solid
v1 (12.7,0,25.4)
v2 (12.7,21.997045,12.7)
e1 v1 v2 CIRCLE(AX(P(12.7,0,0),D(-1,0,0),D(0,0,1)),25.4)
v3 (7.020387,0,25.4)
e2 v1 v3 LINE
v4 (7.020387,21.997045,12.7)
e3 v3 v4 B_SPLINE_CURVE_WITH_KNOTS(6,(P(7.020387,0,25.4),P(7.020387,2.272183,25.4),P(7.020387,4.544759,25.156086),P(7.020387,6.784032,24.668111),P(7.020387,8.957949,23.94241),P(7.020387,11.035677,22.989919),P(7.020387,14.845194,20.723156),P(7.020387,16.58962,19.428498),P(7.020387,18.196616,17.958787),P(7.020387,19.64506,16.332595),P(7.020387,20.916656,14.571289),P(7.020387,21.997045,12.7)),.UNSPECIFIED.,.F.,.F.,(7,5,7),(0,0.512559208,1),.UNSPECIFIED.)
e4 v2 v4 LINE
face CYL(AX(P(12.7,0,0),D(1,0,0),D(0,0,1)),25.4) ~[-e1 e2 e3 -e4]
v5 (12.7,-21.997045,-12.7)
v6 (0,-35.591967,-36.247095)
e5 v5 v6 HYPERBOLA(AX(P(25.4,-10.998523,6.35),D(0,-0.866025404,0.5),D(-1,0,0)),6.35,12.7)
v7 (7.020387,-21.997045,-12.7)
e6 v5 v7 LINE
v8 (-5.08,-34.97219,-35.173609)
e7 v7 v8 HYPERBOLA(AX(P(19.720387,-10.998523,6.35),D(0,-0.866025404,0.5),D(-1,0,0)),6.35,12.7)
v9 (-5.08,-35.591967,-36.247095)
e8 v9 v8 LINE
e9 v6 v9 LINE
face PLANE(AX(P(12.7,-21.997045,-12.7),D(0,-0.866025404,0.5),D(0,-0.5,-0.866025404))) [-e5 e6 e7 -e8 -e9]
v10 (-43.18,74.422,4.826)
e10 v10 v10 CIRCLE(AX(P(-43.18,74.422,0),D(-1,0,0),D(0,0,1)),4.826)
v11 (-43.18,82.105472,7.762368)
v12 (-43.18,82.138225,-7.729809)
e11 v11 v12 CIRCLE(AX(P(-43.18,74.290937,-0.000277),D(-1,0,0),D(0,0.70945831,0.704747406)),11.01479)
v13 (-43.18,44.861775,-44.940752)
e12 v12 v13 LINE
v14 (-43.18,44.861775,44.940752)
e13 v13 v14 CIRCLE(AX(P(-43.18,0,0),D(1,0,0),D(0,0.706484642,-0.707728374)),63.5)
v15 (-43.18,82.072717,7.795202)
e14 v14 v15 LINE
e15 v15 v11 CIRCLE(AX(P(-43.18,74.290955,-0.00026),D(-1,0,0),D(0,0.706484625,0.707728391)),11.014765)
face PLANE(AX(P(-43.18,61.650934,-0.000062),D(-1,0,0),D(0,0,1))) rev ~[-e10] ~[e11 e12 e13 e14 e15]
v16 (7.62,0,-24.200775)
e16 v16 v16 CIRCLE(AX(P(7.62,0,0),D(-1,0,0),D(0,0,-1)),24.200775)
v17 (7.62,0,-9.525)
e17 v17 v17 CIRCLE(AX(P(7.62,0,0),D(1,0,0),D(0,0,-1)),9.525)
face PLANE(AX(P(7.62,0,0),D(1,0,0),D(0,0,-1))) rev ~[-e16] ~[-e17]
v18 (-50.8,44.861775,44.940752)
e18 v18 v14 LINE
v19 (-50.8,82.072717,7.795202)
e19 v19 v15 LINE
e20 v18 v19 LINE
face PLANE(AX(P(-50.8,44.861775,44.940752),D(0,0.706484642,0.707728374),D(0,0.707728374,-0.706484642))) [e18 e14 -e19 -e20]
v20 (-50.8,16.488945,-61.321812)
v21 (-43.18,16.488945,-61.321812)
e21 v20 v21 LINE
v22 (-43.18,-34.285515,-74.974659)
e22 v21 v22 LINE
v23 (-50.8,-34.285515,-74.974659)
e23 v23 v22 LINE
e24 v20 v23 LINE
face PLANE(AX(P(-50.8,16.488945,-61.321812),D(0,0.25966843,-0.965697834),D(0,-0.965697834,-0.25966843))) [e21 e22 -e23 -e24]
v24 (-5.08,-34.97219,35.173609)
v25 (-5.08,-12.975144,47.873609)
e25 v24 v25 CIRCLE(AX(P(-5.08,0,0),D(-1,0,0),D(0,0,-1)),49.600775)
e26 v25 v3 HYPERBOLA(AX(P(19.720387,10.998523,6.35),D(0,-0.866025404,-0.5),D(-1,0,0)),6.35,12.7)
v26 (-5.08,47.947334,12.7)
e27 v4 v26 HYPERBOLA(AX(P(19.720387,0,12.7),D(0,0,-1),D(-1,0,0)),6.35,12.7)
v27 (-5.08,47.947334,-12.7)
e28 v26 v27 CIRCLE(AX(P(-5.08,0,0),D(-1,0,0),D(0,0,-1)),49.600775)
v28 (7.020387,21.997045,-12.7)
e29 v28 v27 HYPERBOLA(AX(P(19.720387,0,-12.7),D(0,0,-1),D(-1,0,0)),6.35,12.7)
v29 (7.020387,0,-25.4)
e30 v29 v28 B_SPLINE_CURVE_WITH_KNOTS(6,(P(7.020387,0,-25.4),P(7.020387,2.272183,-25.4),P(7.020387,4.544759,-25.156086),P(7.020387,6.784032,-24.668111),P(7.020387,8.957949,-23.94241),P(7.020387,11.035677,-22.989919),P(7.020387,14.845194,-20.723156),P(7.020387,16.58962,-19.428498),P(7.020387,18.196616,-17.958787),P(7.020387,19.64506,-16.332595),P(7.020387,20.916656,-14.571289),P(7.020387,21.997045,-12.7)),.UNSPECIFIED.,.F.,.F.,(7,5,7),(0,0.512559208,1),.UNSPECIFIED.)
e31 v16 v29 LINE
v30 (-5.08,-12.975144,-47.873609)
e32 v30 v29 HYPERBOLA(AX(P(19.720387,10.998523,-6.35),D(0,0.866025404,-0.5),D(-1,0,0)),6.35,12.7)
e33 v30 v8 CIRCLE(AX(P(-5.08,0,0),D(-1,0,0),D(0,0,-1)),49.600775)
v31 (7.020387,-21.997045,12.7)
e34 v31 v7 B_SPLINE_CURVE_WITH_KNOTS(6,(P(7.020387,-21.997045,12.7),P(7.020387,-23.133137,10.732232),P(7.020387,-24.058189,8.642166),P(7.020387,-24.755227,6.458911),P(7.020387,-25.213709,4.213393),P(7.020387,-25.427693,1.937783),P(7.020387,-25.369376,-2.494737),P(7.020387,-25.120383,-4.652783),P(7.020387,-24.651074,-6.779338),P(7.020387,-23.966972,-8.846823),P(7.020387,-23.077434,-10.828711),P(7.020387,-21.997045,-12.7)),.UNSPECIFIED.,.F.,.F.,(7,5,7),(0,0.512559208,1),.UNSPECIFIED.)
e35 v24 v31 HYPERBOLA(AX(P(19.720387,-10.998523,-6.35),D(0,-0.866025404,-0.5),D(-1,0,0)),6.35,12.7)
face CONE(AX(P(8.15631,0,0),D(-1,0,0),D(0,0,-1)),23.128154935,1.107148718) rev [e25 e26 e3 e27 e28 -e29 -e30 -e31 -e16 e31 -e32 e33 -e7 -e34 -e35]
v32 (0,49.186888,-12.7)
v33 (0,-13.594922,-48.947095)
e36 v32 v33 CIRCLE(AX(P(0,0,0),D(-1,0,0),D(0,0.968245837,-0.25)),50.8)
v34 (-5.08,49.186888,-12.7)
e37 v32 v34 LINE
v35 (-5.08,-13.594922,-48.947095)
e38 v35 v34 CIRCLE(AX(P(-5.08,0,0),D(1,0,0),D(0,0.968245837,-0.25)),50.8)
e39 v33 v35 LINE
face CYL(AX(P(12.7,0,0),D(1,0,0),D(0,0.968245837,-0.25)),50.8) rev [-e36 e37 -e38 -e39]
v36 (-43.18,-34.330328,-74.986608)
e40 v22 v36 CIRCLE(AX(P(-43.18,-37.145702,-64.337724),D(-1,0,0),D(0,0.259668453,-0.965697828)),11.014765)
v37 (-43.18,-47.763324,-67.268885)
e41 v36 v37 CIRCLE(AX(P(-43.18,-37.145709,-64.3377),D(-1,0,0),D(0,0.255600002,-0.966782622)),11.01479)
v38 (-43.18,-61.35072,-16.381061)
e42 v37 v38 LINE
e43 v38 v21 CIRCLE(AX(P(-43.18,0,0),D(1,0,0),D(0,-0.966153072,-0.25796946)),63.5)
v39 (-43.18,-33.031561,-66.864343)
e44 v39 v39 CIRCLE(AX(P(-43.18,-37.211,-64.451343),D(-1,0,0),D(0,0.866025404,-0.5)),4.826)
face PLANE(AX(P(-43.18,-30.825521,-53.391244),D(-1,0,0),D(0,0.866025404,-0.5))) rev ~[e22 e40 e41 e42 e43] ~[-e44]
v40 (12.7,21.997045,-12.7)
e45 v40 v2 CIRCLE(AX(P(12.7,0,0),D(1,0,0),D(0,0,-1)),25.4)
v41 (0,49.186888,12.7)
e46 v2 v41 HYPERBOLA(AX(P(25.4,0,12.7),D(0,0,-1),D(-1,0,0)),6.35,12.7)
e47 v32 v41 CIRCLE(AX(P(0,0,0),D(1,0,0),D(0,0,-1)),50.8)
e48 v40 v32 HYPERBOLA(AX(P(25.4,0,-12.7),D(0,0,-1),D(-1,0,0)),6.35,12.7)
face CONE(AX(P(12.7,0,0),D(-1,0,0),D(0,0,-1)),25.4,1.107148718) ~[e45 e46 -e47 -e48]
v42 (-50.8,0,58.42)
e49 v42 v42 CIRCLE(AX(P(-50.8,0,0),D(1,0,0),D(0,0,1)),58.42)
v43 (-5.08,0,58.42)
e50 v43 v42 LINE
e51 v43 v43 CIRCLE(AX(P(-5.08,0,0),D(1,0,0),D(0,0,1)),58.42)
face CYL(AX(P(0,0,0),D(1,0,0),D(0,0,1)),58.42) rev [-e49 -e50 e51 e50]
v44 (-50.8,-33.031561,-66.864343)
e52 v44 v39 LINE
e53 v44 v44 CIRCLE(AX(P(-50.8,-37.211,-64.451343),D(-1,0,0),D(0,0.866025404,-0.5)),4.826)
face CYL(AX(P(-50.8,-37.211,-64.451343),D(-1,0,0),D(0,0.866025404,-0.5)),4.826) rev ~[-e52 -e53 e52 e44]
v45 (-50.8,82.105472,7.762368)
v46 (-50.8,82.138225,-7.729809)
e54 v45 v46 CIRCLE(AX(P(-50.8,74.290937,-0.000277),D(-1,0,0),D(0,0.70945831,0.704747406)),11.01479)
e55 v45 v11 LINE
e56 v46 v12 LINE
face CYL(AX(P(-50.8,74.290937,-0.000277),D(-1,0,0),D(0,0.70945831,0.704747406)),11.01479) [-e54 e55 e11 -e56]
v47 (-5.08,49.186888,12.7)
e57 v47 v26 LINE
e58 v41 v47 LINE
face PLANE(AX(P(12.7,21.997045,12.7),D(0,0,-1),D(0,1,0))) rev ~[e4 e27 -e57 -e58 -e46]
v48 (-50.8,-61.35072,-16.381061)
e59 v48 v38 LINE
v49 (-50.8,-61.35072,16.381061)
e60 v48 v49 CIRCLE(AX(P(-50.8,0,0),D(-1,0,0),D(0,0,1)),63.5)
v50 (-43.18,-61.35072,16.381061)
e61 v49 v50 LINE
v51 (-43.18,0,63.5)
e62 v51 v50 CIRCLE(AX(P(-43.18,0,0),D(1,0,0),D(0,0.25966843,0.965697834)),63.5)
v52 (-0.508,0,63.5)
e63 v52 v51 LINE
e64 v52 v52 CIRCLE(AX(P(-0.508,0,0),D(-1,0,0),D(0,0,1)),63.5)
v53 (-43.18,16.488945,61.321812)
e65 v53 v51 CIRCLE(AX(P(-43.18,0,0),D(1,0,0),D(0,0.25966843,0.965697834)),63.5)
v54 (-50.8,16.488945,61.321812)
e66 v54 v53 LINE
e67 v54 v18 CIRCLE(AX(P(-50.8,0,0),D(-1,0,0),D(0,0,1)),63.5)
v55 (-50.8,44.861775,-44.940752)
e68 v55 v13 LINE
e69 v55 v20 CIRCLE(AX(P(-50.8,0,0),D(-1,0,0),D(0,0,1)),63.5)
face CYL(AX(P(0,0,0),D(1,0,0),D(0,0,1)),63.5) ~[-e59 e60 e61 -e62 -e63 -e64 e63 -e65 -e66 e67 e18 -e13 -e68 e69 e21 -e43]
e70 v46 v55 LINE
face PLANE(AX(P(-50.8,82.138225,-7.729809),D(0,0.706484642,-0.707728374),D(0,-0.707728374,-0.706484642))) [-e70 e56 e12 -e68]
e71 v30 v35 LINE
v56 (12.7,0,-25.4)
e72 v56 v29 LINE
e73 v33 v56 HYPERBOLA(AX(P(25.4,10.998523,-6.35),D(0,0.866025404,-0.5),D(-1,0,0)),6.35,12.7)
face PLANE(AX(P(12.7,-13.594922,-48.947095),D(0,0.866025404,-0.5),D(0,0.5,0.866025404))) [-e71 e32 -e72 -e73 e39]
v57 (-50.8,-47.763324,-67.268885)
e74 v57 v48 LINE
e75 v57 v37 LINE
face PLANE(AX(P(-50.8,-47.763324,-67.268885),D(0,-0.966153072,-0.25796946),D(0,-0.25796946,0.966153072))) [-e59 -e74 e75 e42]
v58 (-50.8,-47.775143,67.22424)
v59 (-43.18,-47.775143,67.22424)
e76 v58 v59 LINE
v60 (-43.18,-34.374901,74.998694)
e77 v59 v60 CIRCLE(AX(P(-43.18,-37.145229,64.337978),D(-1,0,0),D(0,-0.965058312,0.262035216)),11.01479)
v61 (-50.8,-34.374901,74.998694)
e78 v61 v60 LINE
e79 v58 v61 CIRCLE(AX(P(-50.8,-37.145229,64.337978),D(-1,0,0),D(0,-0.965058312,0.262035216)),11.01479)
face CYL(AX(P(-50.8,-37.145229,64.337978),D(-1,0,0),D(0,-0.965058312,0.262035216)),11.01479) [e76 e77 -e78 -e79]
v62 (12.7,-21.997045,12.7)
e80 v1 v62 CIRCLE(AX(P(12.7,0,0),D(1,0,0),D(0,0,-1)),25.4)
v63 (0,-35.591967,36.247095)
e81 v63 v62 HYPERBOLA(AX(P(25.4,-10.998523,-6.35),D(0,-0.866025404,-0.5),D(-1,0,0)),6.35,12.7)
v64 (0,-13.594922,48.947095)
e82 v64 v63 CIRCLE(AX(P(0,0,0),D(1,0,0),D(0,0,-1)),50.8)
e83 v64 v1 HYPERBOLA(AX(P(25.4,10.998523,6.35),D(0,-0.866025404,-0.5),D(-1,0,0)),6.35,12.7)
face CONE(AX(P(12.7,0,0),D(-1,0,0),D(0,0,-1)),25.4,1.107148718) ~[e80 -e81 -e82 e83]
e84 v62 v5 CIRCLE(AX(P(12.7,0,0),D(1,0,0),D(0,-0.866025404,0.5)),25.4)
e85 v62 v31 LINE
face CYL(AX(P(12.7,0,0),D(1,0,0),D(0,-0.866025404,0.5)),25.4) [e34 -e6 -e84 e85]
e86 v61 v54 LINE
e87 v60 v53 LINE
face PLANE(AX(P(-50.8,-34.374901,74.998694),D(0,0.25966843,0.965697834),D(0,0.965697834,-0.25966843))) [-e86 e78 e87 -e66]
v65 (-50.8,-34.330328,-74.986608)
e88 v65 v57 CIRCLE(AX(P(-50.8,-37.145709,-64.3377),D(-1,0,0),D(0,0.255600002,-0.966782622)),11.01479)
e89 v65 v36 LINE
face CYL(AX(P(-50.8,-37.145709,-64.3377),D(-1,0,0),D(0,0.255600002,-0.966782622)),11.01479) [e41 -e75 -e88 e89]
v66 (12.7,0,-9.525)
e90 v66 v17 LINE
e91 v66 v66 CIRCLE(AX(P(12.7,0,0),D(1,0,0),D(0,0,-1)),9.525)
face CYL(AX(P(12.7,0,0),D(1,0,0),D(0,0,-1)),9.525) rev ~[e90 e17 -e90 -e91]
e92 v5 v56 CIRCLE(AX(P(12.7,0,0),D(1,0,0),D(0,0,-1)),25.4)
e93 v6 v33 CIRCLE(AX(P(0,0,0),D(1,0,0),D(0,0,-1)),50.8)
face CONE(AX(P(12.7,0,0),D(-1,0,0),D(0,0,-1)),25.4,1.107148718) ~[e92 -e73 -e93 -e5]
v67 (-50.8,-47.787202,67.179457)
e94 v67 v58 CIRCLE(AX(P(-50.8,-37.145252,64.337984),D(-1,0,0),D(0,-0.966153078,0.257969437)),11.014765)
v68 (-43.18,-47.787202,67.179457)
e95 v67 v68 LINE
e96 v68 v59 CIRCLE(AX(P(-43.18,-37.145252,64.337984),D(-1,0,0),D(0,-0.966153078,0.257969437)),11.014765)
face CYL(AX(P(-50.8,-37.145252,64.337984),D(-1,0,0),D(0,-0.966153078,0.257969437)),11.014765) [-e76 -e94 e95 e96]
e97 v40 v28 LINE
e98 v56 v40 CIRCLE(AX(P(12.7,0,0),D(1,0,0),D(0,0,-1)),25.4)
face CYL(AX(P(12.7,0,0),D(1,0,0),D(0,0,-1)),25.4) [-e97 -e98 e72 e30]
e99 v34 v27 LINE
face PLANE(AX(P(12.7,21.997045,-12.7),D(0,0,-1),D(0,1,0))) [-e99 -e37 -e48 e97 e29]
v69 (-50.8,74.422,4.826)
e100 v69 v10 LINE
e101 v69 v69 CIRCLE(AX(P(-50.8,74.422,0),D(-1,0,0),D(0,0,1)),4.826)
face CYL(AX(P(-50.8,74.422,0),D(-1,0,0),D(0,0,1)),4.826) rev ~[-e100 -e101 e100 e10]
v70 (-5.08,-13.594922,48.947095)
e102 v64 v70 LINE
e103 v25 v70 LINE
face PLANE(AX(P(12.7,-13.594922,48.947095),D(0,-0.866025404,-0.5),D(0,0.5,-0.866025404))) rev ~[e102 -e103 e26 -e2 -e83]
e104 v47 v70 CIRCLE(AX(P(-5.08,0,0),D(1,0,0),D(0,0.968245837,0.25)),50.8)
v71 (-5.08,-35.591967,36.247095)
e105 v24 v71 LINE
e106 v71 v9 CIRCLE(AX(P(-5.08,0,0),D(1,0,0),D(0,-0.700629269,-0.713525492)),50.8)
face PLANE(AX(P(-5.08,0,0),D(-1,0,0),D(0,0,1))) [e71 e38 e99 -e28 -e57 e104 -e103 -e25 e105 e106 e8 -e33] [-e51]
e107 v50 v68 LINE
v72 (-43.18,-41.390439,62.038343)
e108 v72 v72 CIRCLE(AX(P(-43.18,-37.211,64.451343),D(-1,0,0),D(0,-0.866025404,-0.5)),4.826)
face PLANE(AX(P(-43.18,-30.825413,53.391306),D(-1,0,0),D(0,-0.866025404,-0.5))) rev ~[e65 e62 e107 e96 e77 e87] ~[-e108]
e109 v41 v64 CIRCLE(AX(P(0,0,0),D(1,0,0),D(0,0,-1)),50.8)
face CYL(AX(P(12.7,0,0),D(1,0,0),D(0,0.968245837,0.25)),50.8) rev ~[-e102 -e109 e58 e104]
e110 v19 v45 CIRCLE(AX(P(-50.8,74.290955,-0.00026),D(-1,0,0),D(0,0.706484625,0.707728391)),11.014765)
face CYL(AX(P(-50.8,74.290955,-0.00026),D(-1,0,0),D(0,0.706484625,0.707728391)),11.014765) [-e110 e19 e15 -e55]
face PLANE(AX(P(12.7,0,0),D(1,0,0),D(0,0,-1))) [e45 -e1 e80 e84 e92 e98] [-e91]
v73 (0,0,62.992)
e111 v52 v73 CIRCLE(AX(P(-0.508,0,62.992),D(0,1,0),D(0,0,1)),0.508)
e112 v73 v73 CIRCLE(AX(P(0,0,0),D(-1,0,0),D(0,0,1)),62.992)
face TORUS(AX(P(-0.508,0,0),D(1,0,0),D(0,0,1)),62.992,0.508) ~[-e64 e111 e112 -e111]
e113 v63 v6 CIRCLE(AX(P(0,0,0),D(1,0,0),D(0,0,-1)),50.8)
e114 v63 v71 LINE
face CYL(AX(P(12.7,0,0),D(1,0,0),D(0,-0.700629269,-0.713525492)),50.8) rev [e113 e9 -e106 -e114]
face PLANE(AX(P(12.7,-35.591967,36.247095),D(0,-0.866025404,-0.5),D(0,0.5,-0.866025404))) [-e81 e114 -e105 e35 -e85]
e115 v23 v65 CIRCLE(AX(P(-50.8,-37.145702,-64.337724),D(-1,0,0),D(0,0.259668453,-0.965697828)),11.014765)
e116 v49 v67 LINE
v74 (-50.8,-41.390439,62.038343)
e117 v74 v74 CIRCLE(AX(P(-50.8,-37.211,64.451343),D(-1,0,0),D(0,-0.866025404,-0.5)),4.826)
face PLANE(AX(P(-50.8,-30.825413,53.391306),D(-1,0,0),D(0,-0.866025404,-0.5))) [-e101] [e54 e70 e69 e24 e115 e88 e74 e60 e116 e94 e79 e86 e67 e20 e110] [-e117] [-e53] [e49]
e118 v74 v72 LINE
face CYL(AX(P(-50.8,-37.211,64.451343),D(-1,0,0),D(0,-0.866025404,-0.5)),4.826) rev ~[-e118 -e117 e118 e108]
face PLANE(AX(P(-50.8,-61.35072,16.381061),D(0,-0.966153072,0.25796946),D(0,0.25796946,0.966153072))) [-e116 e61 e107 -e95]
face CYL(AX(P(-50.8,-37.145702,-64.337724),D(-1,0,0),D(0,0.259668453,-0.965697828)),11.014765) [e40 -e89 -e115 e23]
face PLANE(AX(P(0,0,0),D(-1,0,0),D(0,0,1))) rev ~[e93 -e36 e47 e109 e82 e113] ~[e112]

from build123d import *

# Parameters (mm, degrees)
SKETCH3_R           = 25.4
SKETCH1_R           = 50.8
SKETCH4_R           = 63.5
BOSS_EXTRUDE1_DEPTH = 50.8
SHELL1_T            = -5.08
CUT_EXTRUDE1_DEPTH  = 50.8
SKETCH6_R           = 4.826
BOSS_EXTRUDE3_DEPTH = 7.62
FILLET1_R           = 0.508
SKETCH7_R           = 9.525
CUT_EXTRUDE2_DEPTH  = 124.861079859
CIRPATTERN2_COUNT   = 3


with BuildPart() as part:
    # Sketch3 → Loft1 section 0
    with BuildSketch(Plane(origin=(12.7, 0, 0), x_dir=(0, 0, -1), z_dir=(1, 0, 0))):
        Circle(SKETCH3_R)
    # Sketch1 → Loft1 section 1
    with BuildSketch(Plane(origin=(0, 0, 0), x_dir=(0, 0, -1), z_dir=(1, 0, 0))):
        Circle(SKETCH1_R)
    loft()

    # Sketch4 → Boss-Extrude1 (add)
    with BuildSketch(Plane.ZY):
        Circle(SKETCH4_R)
    extrude(amount=BOSS_EXTRUDE1_DEPTH)

    # Shell1
    shell1_openings = [part.faces().sort_by_distance(p)[0] for p in [
        (-50.8, 0, 0),
    ]]
    offset(amount=SHELL1_T, openings=shell1_openings, kind=Kind.INTERSECTION)

    # Sketch5 → Cut-Extrude1 (cut)
    with BuildSketch(Plane(origin=(12.7, 0, 0), x_dir=(0, 0, -1), z_dir=(1, 0, 0))):
        with BuildLine():
            Line((-12.7, 21.997045256), (-12.7, 49.186888497))
            ThreePointArc((-12.7, 49.186888497), (-43.994090512, 25.4), (-48.947094971, -13.59492162))
            Line((-48.947094971, -13.59492162), (-25.4, 0))
            ThreePointArc((-25.4, 0), (-21.997045256, 12.7), (-12.7, 21.997045256))
        make_face()
        with BuildLine():
            Line((12.7, 21.997045256), (12.7, 49.186888497))
            ThreePointArc((12.7, 49.186888497), (43.994090512, 25.4), (48.947094971, -13.59492162))
            Line((48.947094971, -13.59492162), (25.4, 0))
            ThreePointArc((25.4, 0), (21.997045256, 12.7), (12.7, 21.997045256))
        make_face()
        with BuildLine():
            Line((12.7, -21.997045256), (36.247094971, -35.591966876))
            ThreePointArc((36.247094971, -35.591966876), (0, -50.8), (-36.247094971, -35.591966876))
            Line((-36.247094971, -35.591966876), (-12.7, -21.997045256))
            ThreePointArc((-12.7, -21.997045256), (0, -25.4), (12.7, -21.997045256))
        make_face()
    extrude(amount=-CUT_EXTRUDE1_DEPTH, mode=Mode.SUBTRACT)

    # Sketch6 → Boss-Extrude3 (add)
    with BuildSketch(Plane.ZY.offset(50.8)):
        with BuildLine():
            ThreePointArc((7.762367521, 82.105471512), (0.023010453, 85.305702571), (-7.729809299, 82.138225256))
            Line((-7.729809299, 82.138225256), (-44.940751738, 44.861774744))
            ThreePointArc((-44.940751738, 44.861774744), (0, 63.5), (44.940751738, 44.861774744))
            Line((44.940751738, 44.861774744), (7.79520225, 82.072717183))
            ThreePointArc((7.79520225, 82.072717183), (7.778802125, 82.089111629), (7.762367521, 82.105471512))
        make_face()
        with Locations((0, 74.422)):
            Circle(SKETCH6_R, mode=Mode.SUBTRACT)
    boss_extrude3 = extrude(amount=-BOSS_EXTRUDE3_DEPTH)

    # Fillet1
    fillet1_edges = [part.edges().sort_by_distance(p)[0] for p in [
        (0, 0, -63.5),
    ]]
    fillet(fillet1_edges, radius=FILLET1_R)

    # Sketch7 → Cut-Extrude2 (cut, through all)
    with BuildSketch(Plane(origin=(12.7, 0, 0), x_dir=(0, 0, -1), z_dir=(1, 0, 0))):
        Circle(SKETCH7_R)
    extrude(amount=-CUT_EXTRUDE2_DEPTH, mode=Mode.SUBTRACT)

    # CirPattern2: Boss-Extrude3 ×3 about axis
    cirpattern2_axis = Axis((0, 0, 0), (1, 0, 0))
    for i in range(1, CIRPATTERN2_COUNT):
        add(boss_extrude3.rotate(cirpattern2_axis, i * 360 / CIRPATTERN2_COUNT))


solid = part.part
